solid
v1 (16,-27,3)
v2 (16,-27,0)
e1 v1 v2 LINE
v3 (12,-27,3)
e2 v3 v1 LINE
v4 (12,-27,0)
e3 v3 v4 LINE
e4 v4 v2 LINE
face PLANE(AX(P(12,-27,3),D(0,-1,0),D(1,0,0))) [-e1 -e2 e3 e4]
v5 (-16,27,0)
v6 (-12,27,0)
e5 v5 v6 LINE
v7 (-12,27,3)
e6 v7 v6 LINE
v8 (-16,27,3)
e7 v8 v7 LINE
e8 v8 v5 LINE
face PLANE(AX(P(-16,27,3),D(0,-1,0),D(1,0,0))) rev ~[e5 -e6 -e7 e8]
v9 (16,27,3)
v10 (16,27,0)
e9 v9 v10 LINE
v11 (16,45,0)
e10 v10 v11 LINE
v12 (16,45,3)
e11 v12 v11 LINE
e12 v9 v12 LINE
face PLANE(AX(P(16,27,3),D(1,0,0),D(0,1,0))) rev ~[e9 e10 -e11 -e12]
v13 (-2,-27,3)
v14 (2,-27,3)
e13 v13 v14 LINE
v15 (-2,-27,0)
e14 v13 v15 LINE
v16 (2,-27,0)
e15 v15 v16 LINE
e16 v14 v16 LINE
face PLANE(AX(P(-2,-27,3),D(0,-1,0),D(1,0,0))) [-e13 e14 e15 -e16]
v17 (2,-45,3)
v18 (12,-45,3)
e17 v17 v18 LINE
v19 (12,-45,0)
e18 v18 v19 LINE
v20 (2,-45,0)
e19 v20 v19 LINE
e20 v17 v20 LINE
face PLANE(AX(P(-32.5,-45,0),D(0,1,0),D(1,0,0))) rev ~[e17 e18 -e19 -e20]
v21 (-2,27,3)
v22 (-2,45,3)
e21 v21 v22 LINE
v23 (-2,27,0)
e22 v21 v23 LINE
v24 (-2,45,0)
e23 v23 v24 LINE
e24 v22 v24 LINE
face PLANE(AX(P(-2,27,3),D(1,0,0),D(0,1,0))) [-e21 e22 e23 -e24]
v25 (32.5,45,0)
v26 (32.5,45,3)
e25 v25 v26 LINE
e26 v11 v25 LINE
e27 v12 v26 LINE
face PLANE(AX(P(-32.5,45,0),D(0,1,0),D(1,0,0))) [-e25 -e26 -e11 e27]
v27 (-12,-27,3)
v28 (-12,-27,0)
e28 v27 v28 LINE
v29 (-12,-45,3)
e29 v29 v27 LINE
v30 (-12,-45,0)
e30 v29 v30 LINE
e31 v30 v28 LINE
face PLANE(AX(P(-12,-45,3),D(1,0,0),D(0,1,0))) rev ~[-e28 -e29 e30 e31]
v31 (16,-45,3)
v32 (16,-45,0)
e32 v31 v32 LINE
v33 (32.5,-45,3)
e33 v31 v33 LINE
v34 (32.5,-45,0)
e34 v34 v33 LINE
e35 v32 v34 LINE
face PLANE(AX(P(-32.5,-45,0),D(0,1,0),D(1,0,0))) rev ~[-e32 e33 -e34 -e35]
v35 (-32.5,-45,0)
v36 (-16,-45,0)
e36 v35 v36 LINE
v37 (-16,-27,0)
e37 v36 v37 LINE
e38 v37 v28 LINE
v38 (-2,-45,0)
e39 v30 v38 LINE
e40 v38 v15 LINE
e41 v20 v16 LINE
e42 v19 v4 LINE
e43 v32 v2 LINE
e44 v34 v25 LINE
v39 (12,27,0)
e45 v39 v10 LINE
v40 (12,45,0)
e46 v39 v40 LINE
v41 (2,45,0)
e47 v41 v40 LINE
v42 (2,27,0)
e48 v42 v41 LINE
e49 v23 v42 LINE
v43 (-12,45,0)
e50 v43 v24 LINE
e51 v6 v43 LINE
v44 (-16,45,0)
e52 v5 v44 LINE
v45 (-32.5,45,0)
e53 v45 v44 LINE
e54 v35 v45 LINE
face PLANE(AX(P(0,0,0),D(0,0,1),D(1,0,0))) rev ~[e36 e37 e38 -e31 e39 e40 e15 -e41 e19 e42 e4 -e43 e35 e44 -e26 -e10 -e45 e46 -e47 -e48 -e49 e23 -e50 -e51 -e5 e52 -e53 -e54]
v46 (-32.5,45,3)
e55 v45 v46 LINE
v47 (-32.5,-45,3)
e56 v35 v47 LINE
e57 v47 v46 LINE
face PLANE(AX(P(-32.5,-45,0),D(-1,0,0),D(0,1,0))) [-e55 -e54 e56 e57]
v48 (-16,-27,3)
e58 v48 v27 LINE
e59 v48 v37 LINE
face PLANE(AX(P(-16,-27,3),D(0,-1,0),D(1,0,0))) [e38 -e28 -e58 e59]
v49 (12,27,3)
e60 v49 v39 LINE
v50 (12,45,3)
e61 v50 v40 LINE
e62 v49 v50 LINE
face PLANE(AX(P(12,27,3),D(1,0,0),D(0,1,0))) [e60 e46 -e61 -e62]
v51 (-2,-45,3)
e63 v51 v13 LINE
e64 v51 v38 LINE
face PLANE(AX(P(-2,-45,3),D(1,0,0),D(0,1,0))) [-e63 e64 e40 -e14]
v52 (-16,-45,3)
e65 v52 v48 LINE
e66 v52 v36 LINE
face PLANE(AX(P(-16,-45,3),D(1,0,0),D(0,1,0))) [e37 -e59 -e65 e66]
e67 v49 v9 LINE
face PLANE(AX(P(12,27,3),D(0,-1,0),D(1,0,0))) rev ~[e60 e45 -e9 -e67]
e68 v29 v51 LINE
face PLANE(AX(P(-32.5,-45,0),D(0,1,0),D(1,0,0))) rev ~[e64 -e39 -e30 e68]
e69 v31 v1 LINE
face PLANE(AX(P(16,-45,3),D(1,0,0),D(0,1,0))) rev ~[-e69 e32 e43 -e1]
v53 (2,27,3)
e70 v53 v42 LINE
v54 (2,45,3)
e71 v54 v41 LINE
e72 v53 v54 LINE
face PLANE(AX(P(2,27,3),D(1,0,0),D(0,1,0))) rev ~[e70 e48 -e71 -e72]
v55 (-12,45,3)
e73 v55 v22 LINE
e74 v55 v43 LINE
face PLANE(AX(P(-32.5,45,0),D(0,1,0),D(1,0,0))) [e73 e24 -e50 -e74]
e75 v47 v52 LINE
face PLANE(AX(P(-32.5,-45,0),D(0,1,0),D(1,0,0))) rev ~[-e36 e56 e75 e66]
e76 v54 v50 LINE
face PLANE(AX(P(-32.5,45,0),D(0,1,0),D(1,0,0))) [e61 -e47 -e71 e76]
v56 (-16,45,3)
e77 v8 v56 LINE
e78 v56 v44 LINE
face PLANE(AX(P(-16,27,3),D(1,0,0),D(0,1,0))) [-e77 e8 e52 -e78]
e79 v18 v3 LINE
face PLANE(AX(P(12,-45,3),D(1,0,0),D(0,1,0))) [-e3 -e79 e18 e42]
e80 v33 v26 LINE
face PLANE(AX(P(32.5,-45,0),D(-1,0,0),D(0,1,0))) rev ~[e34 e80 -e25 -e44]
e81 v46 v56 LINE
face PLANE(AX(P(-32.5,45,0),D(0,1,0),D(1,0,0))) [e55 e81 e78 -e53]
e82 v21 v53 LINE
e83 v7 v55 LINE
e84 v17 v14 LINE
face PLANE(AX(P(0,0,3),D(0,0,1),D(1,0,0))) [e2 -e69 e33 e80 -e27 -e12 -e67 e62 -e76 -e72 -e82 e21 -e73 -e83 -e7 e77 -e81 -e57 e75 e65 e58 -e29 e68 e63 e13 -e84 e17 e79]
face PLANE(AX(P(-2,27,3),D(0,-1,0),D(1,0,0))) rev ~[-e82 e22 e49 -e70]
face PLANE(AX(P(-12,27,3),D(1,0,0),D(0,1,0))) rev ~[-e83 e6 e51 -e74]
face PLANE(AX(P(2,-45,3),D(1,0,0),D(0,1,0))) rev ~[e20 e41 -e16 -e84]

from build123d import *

# Parameters (mm, degrees)
F0_W     = 65
F0_H     = 90
F1_DEPTH = 3
F2_W     = 4
F2_H     = 18
F3_DEPTH = 3.001


with BuildPart() as f1:
    # F0 (on Top) → F1 (new body)
    with BuildSketch(Plane.XY):
        Rectangle(F0_W, F0_H)
    extrude(amount=F1_DEPTH)

    # F2 (on face) → F3 (cut, through all)
    with BuildSketch(Plane.XY.offset(3)):
        with Locations((-14, -36)):
            Rectangle(F2_W, F2_H)
        with Locations((0, -36)):
            Rectangle(F2_W, F2_H)
        with Locations((14, -36)):
            Rectangle(F2_W, F2_H)
        with Locations((0, 36)):
            Rectangle(F2_W, F2_H)
        with Locations((14, 36)):
            Rectangle(F2_W, F2_H)
        with Locations((-14, 36)):
            Rectangle(F2_W, F2_H)
    extrude(amount=-F3_DEPTH, mode=Mode.SUBTRACT)


solid = f1.part
